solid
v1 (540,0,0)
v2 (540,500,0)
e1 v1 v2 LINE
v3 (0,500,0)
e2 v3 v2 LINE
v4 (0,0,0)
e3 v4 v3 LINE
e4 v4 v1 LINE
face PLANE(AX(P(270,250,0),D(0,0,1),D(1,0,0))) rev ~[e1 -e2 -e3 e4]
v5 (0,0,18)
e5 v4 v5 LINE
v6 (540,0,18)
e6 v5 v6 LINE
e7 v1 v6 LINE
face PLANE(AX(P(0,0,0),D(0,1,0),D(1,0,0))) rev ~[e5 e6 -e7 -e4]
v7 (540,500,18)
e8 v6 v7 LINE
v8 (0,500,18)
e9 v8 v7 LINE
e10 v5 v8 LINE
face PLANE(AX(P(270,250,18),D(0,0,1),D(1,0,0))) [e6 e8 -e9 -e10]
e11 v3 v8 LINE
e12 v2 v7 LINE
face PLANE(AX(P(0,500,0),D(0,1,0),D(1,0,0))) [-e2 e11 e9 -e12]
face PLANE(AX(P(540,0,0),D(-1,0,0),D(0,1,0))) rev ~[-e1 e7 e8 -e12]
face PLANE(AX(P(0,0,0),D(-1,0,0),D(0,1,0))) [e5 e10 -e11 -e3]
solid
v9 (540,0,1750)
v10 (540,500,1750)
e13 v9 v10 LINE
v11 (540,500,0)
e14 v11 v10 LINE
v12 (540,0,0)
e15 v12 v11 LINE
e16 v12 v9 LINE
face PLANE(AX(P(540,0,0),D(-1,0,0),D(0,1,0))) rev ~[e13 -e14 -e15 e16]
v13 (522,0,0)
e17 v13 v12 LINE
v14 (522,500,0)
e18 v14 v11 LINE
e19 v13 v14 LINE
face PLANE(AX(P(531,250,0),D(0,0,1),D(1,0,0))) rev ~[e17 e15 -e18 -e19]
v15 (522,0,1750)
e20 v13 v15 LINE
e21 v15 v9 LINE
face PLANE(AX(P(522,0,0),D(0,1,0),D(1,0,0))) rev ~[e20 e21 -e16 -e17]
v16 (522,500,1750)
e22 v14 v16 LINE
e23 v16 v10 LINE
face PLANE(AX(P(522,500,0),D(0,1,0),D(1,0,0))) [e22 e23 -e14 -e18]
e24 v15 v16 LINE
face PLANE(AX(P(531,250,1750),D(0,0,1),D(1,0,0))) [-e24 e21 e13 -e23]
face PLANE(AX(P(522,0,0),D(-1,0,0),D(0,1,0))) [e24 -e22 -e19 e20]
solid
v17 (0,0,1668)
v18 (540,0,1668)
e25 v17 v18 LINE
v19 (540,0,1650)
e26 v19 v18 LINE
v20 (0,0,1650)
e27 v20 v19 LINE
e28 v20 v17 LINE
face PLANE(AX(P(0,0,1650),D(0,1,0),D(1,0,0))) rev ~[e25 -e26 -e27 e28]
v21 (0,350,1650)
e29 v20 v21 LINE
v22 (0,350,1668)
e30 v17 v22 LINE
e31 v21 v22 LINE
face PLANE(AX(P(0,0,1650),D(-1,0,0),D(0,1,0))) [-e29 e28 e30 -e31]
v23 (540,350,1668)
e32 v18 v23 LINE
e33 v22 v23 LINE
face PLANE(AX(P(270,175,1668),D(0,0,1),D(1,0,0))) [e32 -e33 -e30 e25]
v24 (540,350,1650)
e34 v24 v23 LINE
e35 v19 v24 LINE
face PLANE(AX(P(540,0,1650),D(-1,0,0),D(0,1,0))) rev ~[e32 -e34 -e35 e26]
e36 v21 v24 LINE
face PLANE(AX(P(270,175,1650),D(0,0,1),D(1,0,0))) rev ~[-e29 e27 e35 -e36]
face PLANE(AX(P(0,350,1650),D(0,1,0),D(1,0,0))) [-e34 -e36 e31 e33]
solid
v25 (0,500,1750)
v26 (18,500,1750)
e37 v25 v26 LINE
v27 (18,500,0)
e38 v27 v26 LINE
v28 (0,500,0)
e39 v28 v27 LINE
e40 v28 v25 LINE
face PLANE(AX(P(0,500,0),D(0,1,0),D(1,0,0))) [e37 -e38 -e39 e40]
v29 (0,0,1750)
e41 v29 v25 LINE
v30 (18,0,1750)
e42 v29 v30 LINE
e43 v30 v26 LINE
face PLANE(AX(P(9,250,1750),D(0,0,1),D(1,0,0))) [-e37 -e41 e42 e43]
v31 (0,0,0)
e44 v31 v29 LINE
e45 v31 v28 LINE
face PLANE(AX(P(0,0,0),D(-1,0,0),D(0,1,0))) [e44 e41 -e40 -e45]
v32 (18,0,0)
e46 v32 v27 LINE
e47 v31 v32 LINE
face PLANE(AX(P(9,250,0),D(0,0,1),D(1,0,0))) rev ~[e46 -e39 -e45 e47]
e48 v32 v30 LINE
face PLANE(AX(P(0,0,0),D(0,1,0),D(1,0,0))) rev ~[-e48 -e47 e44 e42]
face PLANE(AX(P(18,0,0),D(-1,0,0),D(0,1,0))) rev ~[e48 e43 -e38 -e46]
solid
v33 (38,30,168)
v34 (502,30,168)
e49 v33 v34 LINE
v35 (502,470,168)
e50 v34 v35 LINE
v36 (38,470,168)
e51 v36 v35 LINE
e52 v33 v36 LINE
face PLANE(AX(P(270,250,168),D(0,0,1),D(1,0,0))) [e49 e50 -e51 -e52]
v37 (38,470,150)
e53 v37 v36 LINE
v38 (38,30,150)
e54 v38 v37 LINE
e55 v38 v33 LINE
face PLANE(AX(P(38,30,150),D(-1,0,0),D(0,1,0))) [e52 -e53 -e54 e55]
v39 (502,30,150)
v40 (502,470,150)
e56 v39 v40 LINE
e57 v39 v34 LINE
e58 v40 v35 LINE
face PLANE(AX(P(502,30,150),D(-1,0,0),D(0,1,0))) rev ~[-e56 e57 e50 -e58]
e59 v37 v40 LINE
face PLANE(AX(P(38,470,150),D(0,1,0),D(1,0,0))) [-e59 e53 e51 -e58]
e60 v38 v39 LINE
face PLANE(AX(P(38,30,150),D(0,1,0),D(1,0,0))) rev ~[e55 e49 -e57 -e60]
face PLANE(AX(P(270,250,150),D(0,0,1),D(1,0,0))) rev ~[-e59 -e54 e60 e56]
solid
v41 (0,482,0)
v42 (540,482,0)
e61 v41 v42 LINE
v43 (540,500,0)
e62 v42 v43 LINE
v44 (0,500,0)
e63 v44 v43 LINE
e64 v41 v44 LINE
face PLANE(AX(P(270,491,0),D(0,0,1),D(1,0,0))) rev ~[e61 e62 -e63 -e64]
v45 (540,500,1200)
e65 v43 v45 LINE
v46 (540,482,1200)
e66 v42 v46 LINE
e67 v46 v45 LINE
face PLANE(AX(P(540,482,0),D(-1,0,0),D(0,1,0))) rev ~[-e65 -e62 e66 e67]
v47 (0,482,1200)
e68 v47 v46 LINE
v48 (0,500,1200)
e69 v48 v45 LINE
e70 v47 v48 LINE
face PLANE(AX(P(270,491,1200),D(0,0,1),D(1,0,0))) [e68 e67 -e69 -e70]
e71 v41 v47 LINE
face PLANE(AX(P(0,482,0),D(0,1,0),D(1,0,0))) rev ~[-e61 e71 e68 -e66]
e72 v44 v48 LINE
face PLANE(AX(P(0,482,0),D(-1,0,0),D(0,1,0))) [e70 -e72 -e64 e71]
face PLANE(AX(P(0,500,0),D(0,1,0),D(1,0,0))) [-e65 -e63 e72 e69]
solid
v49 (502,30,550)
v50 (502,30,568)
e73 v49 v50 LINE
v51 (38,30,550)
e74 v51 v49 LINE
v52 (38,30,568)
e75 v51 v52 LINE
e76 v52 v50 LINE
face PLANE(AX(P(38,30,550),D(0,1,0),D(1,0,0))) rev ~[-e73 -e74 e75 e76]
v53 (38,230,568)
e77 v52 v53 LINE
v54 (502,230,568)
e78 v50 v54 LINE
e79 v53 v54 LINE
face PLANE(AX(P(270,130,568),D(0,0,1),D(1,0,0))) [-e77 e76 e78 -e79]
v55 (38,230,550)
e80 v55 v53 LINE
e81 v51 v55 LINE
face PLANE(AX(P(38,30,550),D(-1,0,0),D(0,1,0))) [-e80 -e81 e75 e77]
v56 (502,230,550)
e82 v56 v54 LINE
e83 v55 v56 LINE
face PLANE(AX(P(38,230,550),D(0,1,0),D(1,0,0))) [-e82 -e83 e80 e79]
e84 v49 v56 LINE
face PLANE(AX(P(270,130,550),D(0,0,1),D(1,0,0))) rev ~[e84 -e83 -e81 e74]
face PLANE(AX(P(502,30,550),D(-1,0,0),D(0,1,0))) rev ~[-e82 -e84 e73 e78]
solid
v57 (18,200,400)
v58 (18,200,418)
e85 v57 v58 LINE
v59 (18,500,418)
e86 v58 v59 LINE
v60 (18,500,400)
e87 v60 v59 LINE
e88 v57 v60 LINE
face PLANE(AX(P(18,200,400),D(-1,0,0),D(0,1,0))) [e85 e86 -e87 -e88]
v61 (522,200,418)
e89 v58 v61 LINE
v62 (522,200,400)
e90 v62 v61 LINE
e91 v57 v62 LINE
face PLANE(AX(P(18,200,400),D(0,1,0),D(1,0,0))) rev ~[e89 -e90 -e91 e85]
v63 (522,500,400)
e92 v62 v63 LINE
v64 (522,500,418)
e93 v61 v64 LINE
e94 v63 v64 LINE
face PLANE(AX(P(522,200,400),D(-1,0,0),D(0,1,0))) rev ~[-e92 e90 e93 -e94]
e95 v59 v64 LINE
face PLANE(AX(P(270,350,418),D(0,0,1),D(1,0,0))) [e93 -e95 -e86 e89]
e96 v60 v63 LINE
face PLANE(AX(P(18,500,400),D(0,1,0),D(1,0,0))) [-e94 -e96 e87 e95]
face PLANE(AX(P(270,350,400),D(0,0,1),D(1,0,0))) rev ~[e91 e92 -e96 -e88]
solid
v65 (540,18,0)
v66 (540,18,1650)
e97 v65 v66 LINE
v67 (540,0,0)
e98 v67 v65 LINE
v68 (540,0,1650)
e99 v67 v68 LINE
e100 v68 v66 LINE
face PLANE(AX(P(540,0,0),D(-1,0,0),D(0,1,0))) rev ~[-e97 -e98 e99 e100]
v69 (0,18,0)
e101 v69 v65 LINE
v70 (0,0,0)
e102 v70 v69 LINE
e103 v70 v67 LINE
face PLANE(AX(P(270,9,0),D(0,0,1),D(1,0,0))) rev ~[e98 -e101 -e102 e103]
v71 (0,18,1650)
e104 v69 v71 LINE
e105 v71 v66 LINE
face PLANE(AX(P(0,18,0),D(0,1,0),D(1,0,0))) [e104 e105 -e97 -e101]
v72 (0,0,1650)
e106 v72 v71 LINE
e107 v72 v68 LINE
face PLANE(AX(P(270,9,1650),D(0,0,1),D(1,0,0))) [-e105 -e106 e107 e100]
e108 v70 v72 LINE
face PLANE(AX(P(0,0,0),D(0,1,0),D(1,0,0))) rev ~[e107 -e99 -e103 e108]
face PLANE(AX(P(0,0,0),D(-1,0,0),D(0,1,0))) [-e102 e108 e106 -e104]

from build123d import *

# Parameters (mm, degrees)
BOX_W        = 18
BOX_H        = 500
BOX_DEPTH    = 1750
BOX001_W     = 18
BOX001_H     = 500
BOX001_DEPTH = 1750
BOX002_W     = 540
BOX002_H     = 500
BOX002_DEPTH = 18
BOX003_W     = 540
BOX003_H     = 18
BOX003_DEPTH = 1650
BOX004_W     = 540
BOX004_H     = 18
BOX004_DEPTH = 1200
BOX005_W     = 504
BOX005_H     = 300
BOX005_DEPTH = 18
BOX006_W     = 464
BOX006_H     = 440
BOX006_DEPTH = 18
BOX007_W     = 464
BOX007_H     = 200
BOX007_DEPTH = 18
BOX008_W     = 540
BOX008_H     = 350
BOX008_DEPTH = 18


with BuildPart() as box:
    # Box → Box (new body)
    with BuildSketch(Plane.XY):
        with Locations((9, 250)):
            Rectangle(BOX_W, BOX_H)
    extrude(amount=BOX_DEPTH)


with BuildPart() as box001:
    # Box001 → Box001 (new body)
    with BuildSketch(Plane(origin=(522, 0, 0), x_dir=(1, 0, 0), z_dir=(0, 0, 1))):
        with Locations((9, 250)):
            Rectangle(BOX001_W, BOX001_H)
    extrude(amount=BOX001_DEPTH)


with BuildPart() as box002:
    # Box002 → Box002 (new body)
    with BuildSketch(Plane.XY):
        with Locations((270, 250)):
            Rectangle(BOX002_W, BOX002_H)
    extrude(amount=BOX002_DEPTH)


with BuildPart() as box003:
    # Box003 → Box003 (new body)
    with BuildSketch(Plane.XY):
        with Locations((270, 9)):
            Rectangle(BOX003_W, BOX003_H)
    extrude(amount=BOX003_DEPTH)


with BuildPart() as box004:
    # Box004 → Box004 (new body)
    with BuildSketch(Plane(origin=(0, 482, 0), x_dir=(1, 0, 0), z_dir=(0, 0, 1))):
        with Locations((270, 9)):
            Rectangle(BOX004_W, BOX004_H)
    extrude(amount=BOX004_DEPTH)


with BuildPart() as box005:
    # Box005 → Box005 (new body)
    with BuildSketch(Plane(origin=(18, 200, 400), x_dir=(1, 0, 0), z_dir=(0, 0, 1))):
        with Locations((252, 150)):
            Rectangle(BOX005_W, BOX005_H)
    extrude(amount=BOX005_DEPTH)


with BuildPart() as box006:
    # Box006 → Box006 (new body)
    with BuildSketch(Plane(origin=(38, 30, 150), x_dir=(1, 0, 0), z_dir=(0, 0, 1))):
        with Locations((232, 220)):
            Rectangle(BOX006_W, BOX006_H)
    extrude(amount=BOX006_DEPTH)


with BuildPart() as box007:
    # Box007 → Box007 (new body)
    with BuildSketch(Plane(origin=(38, 30, 550), x_dir=(1, 0, 0), z_dir=(0, 0, 1))):
        with Locations((232, 100)):
            Rectangle(BOX007_W, BOX007_H)
    extrude(amount=BOX007_DEPTH)


with BuildPart() as box008:
    # Box008 → Box008 (new body)
    with BuildSketch(Plane.XY.offset(1650)):
        with Locations((270, 175)):
            Rectangle(BOX008_W, BOX008_H)
    extrude(amount=BOX008_DEPTH)


solid = Compound([box.part, box001.part, box002.part, box003.part, box004.part, box005.part, box006.part, box007.part, box008.part])
